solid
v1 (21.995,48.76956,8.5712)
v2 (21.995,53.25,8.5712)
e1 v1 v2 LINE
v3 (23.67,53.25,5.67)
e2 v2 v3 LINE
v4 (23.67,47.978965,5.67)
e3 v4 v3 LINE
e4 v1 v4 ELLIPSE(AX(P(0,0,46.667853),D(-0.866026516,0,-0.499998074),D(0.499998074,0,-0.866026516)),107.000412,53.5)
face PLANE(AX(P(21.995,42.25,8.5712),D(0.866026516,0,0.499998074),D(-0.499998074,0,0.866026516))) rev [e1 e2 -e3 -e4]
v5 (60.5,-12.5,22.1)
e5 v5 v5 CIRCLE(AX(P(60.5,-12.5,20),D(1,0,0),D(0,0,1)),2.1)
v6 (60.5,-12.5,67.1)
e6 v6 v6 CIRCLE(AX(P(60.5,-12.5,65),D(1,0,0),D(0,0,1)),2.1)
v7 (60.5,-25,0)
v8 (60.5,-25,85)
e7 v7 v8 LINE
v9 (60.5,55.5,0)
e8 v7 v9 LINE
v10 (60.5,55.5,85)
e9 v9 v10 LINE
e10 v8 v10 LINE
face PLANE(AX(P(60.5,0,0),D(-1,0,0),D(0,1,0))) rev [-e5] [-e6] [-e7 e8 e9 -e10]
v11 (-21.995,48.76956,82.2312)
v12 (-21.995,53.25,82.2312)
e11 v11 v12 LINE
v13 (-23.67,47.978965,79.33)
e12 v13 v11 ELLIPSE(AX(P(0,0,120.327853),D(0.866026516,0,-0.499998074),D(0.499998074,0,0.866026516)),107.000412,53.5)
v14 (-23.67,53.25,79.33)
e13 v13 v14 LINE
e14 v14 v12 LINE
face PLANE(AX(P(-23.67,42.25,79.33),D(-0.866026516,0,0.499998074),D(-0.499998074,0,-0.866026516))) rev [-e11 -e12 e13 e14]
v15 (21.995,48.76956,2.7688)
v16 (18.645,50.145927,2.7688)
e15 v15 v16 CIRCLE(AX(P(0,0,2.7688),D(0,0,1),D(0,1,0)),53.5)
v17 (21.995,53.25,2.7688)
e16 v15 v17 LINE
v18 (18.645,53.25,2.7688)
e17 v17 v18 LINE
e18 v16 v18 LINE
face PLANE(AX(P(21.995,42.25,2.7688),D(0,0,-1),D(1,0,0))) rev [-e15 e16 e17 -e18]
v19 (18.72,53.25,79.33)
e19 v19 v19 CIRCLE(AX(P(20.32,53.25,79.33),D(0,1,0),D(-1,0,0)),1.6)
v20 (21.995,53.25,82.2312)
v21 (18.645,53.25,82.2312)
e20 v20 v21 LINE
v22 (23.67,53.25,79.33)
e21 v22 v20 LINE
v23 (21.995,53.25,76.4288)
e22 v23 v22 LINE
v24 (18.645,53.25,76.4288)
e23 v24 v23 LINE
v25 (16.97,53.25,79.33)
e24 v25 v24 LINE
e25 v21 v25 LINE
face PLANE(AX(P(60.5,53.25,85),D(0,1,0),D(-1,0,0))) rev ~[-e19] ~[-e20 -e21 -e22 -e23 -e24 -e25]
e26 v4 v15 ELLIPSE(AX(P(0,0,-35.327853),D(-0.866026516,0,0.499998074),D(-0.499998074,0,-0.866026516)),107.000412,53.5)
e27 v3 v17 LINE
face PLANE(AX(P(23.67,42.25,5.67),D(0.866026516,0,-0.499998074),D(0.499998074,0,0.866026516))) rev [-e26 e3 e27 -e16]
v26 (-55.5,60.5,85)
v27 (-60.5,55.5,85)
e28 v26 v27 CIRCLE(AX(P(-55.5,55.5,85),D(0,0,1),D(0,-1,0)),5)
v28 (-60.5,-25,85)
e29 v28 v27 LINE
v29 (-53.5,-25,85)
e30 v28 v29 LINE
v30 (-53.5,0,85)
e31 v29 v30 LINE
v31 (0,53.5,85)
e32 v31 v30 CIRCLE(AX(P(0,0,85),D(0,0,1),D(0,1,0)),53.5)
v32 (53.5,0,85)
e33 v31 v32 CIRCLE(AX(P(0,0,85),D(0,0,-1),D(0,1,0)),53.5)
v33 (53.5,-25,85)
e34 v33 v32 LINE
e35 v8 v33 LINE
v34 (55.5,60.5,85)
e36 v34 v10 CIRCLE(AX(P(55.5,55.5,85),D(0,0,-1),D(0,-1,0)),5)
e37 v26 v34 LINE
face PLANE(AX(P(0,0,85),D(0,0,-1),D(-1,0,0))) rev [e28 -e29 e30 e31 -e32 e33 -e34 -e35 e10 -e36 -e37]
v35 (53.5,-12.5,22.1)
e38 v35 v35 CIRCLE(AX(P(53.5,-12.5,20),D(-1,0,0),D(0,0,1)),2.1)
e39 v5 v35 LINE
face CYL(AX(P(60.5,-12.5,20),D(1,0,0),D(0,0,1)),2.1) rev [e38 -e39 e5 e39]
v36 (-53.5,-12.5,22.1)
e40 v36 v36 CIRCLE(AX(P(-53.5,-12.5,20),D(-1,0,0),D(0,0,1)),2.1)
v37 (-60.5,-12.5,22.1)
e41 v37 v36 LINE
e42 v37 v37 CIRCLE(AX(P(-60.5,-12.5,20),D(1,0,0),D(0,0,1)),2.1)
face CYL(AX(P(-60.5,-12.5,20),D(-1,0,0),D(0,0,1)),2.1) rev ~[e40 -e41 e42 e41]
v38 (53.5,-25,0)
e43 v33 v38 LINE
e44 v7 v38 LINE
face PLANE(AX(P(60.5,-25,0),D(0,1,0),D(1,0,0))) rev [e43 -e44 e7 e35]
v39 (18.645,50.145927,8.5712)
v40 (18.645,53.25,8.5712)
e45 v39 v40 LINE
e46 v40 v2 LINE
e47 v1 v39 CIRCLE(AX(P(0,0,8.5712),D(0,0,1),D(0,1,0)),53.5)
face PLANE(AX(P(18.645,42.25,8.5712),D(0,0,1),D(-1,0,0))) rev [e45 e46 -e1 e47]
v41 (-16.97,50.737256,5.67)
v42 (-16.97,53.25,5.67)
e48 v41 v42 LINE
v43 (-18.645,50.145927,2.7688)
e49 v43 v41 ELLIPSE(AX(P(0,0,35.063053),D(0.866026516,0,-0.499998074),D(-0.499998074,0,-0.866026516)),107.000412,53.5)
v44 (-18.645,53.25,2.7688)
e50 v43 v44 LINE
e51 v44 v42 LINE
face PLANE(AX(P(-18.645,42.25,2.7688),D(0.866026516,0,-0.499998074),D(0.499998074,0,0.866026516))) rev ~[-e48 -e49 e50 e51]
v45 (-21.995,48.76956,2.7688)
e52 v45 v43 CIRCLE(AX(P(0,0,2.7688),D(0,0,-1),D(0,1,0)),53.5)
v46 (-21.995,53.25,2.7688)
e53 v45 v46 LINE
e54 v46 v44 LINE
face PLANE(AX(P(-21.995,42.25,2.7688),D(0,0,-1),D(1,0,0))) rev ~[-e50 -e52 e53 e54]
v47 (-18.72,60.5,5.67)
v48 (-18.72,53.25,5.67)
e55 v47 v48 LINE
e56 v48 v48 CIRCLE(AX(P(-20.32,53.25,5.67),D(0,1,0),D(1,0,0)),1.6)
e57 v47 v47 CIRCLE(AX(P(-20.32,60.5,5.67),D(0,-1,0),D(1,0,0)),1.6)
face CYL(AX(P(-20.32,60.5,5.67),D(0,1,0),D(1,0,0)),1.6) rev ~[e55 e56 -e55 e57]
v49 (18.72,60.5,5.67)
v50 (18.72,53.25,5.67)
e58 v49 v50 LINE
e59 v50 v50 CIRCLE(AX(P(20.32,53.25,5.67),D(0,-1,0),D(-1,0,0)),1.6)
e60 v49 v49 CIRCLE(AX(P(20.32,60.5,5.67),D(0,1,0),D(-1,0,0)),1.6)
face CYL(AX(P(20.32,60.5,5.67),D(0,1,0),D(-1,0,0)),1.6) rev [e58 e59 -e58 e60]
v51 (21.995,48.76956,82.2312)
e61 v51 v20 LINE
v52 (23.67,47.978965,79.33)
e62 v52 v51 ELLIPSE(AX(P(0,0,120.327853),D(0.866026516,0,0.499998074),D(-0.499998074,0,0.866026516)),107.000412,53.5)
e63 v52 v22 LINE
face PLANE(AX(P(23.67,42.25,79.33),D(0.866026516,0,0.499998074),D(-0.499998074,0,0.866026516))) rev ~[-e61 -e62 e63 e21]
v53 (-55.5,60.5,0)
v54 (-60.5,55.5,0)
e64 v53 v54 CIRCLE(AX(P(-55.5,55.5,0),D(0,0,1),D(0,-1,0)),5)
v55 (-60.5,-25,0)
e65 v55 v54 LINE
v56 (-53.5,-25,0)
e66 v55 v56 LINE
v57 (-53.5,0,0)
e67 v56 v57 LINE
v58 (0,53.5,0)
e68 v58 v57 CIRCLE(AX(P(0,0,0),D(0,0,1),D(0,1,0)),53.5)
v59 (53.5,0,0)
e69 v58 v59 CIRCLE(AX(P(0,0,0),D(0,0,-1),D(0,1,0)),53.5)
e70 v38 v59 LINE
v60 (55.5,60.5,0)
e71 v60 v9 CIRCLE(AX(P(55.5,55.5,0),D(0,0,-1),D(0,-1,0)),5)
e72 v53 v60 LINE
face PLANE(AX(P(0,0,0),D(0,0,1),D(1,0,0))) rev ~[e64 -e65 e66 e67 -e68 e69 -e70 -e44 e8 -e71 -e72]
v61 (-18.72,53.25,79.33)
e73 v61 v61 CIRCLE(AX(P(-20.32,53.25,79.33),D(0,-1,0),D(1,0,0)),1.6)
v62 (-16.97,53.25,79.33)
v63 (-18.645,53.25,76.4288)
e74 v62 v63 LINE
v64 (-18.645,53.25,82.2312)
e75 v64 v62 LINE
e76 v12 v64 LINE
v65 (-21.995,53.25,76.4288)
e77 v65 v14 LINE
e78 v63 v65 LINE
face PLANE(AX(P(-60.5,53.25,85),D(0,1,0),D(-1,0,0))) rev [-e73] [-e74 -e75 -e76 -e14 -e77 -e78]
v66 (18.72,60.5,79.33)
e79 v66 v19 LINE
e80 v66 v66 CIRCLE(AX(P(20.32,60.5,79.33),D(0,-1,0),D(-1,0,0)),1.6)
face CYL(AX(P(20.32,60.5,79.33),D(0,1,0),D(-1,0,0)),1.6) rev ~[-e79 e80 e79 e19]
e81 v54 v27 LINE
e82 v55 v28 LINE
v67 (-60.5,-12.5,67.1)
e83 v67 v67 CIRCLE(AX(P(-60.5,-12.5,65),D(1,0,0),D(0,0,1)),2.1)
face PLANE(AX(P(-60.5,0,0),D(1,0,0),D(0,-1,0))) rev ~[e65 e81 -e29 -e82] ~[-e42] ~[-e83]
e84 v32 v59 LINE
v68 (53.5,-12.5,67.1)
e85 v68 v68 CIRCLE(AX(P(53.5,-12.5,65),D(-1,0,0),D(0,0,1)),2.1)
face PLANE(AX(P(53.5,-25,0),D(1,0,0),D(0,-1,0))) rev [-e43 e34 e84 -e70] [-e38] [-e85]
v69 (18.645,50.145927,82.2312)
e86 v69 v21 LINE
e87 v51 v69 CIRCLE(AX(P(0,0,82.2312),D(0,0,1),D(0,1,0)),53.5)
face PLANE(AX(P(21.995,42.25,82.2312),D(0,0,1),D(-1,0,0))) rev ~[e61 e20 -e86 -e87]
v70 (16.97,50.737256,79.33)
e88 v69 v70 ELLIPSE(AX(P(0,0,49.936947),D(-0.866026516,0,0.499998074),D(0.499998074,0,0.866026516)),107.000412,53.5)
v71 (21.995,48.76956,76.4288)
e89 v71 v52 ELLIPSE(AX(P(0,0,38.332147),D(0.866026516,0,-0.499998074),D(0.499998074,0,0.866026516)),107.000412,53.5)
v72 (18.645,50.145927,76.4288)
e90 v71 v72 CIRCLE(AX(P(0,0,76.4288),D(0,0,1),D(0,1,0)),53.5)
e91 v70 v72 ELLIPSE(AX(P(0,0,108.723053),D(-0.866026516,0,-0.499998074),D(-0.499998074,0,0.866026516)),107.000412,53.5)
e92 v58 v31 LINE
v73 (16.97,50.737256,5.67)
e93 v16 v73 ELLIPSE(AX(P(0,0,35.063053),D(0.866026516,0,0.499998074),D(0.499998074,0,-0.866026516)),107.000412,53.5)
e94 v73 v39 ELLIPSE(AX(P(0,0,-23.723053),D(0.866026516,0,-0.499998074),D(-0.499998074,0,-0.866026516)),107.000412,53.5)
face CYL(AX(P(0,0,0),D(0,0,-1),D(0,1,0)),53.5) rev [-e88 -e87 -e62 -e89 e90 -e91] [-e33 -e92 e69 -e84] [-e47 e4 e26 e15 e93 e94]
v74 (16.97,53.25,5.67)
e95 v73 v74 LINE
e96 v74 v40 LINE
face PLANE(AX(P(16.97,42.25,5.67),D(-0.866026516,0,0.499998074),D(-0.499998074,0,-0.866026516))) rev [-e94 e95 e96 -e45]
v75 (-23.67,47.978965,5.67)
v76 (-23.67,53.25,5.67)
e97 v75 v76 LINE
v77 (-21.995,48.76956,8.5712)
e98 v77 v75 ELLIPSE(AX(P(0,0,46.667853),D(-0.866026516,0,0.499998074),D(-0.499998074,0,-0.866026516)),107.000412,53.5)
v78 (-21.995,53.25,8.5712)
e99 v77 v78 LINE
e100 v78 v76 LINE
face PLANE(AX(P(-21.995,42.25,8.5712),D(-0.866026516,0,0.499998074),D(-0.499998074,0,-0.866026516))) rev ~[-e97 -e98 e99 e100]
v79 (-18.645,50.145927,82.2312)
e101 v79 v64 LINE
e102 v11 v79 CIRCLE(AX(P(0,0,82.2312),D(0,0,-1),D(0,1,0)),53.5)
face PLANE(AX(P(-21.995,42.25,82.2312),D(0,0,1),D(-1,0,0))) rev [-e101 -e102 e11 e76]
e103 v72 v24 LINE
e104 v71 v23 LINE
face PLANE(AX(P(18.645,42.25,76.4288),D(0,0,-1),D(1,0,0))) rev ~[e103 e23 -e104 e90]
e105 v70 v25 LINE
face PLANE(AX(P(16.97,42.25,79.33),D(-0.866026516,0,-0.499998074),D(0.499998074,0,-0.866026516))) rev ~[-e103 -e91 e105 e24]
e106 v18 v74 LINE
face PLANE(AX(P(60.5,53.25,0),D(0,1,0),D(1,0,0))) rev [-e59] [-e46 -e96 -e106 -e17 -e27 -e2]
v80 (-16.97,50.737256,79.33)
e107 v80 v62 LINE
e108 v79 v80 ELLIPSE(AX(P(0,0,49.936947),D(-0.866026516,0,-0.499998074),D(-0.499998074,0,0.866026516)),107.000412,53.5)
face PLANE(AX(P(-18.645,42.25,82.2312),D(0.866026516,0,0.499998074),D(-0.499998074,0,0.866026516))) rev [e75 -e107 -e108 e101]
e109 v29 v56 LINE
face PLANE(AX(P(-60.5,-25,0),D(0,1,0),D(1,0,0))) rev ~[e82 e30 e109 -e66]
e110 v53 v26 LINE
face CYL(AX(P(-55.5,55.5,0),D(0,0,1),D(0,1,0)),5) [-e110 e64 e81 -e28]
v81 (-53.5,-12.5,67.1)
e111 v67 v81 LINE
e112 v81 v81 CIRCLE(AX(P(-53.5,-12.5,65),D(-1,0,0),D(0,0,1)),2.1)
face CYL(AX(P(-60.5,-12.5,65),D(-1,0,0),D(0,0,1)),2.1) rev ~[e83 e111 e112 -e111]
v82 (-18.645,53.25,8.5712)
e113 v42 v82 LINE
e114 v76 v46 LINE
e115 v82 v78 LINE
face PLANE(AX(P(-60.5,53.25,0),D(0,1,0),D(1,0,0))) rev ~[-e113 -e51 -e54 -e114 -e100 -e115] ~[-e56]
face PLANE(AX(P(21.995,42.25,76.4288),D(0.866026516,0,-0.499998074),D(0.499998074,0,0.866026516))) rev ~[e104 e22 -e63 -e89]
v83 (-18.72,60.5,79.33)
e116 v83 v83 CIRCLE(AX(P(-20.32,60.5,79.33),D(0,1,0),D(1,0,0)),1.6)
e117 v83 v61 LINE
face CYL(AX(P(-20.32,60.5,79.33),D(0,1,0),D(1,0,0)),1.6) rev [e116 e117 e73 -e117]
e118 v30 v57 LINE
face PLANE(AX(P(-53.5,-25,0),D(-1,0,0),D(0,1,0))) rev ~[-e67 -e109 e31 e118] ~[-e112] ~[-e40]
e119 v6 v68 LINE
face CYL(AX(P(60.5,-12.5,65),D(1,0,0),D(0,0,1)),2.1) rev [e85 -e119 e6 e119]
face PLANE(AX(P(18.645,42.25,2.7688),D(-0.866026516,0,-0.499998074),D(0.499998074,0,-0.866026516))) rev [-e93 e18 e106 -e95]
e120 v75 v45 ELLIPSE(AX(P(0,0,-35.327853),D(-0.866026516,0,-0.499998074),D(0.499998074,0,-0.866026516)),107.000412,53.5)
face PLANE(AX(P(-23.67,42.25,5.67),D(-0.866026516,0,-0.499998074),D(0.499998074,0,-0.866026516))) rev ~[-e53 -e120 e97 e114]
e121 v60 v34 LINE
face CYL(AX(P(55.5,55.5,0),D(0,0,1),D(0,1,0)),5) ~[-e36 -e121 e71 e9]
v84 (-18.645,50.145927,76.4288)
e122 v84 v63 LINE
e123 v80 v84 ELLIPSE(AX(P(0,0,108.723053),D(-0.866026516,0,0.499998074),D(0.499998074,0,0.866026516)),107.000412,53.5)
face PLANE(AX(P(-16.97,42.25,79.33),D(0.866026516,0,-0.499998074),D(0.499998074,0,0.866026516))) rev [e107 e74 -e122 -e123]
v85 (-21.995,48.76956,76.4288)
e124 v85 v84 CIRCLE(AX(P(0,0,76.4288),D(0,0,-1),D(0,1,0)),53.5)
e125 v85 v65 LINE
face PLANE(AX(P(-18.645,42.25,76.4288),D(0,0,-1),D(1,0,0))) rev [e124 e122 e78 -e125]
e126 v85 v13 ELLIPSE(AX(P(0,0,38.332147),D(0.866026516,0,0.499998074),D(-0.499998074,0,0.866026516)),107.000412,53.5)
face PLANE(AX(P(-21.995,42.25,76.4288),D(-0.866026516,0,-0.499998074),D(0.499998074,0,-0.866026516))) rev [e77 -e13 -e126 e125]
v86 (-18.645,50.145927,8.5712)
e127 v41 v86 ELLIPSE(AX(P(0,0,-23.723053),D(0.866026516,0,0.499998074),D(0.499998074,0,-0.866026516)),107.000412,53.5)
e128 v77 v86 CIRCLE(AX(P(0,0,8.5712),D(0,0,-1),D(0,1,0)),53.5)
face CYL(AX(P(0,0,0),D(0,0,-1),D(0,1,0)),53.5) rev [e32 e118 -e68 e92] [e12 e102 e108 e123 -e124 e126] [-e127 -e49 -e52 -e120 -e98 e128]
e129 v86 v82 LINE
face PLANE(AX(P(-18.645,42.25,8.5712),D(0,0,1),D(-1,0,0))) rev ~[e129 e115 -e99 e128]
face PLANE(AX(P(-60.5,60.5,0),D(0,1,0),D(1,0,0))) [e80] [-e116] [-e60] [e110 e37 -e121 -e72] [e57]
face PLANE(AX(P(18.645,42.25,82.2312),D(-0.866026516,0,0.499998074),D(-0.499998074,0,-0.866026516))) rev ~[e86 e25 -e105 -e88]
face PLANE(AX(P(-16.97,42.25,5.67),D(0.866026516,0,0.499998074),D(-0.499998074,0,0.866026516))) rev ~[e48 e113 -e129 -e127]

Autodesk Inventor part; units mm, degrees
ref_plane "YZ Plane" through (0, 0, 0) normal (1, 0, 0) x (0, 1, 0)
ref_plane "XZ Plane" through (0, 0, 0) normal (0, 1, 0) x (-1, 0, 0)
ref_plane "XY Plane" through (0, 0, 0) normal (0, 0, 1) x (1, 0, 0)
sketch "スケッチ1" plane through (0, 0, 0) normal (0, 0, 1) x (1, 0, 0)
  arc A0 (0, 53.5) -> (-53.5, 0) centre (0, 0) ccw
  line L0 (-60.5, 0) -> (-60.5, 60.5)
  line L1 (-60.5, 60.5) -> (0, 60.5)
  line L2 (0, 60.5) -> (0, -99.4363)
  line L3 (-60.5, 0) -> (-60.5, -25)
  line L4 (-60.5, -25) -> (-53.5, -25)
  line L5 (-53.5, -25) -> (-53.5, 0)
  dimension "d0" = 107
  dimension "d3" = 25
extrude "押し出し1" add sketch "スケッチ1" along normal blind 85
sketch "スケッチ2" plane through (-60.5, 60.5, 0) normal (0, 1, 0) x (1, 0, 0)
  line L0 (60.5, -85) -> (7, -85) projected
  line L1 (60.5, -85) -> (60.5, -42.5)
  line L2 (60.5, 0) -> (60.5, -85) projected
  line L3 (60.5, -42.5) -> (40.18, -42.5)
  line L4 (40.18, -42.5) -> (40.18, -5.67)
  line L5 (40.18, -42.5) -> (40.18, -79.33)
  circle A0 centre (40.18, -5.67) radius 1.6
  circle A1 centre (40.18, -79.33) radius 1.6
  line L6 (60.5, -42.5) -> (-11.6627, -42.5)
  line L7 (-11.6627, -42.5) -> (-11.6627, -99.0684)
  line L8 (-11.6627, -99.0684) -> (60.5, -99.0684)
  line L9 (60.5, -99.0684) -> (60.5, -42.5)
  dimension "d8" = 20.32
  dimension "d9" = 36.83
  dimension "d10" = 36.83
  dimension "d11" = 3.2
  dimension "d12" = 3.2
extrude "押し出し2" cut sketch "スケッチ2" against normal through all contours A1 | A0
ref_plane "作業平面1" through (-60.5, 42.25, 0) normal (0, 1, 0) x (1, 0, 0)
sketch "スケッチ3" plane through (-60.5, 42.25, 0) normal (0, 1, 0) x (1, 0, 0)
  circle A0 centre (40.18, -5.67) radius 1.6 projected
  line L0 (43.53, -5.67) -> (41.855, -8.5712)
  line L1 (41.855, -8.5712) -> (38.505, -8.5712)
  line L2 (38.505, -8.5712) -> (36.83, -5.67)
  line L3 (36.83, -5.67) -> (38.505, -2.7688)
  line L4 (38.505, -2.7688) -> (41.855, -2.7688)
  line L5 (41.855, -2.7688) -> (43.53, -5.67)
  point P0 (60.5, 0)
  dimension "d16" = 6.7
extrude "押し出し3" cut sketch "スケッチ3" along normal blind 11
extrude "押し出し4" cut sketch "スケッチ2" against normal through all contours L9 L8 L7 L6 L3 L1
mirror "ミラー1" about plane through (-72.1627, 60.5, 42.5) normal (0, 0, 1)
sketch "スケッチ4" plane through (-60.5, -25, 0) normal (-1, 0, 0) x (0, 0, 1)
  line L0 (85, 78.5) -> (0, 78.5) projected
  line L1 (0, 78.5) -> (85, 78.5)
  line L2 (85, 25) -> (0, 25) projected
  line L3 (0, 25) -> (85, 25)
  line L4 (0, 25) -> (0, 12.5)
  line L5 (0, 85.5) -> (0, 0) projected
  line L6 (0, 12.5) -> (85, 12.5)
  line L7 (85, 0) -> (85, 25) projected
  circle A0 centre (20, 12.5) radius 2.1
  line L8 (85, 12.5) -> (65, 12.5)
  circle A1 centre (65, 12.5) radius 2.1
  dimension "d21" = 12.5
  dimension "d22" = 4.2
  dimension "d23" = 20
  dimension "d24" = 20
  dimension "d25" = 4.2
extrude "押し出し5" cut sketch "スケッチ4" against normal blind 10 contours A1 L6 | L6 A1 | A0 L6 | L6 A0
fillet "フィレット1" radius 5 1 edges at (-60.5, 60.5, 42.5)
mirror "ミラー2" about plane through (0, 53.5, 0) normal (1, 0, 0)
properties part number "mainIMU"
